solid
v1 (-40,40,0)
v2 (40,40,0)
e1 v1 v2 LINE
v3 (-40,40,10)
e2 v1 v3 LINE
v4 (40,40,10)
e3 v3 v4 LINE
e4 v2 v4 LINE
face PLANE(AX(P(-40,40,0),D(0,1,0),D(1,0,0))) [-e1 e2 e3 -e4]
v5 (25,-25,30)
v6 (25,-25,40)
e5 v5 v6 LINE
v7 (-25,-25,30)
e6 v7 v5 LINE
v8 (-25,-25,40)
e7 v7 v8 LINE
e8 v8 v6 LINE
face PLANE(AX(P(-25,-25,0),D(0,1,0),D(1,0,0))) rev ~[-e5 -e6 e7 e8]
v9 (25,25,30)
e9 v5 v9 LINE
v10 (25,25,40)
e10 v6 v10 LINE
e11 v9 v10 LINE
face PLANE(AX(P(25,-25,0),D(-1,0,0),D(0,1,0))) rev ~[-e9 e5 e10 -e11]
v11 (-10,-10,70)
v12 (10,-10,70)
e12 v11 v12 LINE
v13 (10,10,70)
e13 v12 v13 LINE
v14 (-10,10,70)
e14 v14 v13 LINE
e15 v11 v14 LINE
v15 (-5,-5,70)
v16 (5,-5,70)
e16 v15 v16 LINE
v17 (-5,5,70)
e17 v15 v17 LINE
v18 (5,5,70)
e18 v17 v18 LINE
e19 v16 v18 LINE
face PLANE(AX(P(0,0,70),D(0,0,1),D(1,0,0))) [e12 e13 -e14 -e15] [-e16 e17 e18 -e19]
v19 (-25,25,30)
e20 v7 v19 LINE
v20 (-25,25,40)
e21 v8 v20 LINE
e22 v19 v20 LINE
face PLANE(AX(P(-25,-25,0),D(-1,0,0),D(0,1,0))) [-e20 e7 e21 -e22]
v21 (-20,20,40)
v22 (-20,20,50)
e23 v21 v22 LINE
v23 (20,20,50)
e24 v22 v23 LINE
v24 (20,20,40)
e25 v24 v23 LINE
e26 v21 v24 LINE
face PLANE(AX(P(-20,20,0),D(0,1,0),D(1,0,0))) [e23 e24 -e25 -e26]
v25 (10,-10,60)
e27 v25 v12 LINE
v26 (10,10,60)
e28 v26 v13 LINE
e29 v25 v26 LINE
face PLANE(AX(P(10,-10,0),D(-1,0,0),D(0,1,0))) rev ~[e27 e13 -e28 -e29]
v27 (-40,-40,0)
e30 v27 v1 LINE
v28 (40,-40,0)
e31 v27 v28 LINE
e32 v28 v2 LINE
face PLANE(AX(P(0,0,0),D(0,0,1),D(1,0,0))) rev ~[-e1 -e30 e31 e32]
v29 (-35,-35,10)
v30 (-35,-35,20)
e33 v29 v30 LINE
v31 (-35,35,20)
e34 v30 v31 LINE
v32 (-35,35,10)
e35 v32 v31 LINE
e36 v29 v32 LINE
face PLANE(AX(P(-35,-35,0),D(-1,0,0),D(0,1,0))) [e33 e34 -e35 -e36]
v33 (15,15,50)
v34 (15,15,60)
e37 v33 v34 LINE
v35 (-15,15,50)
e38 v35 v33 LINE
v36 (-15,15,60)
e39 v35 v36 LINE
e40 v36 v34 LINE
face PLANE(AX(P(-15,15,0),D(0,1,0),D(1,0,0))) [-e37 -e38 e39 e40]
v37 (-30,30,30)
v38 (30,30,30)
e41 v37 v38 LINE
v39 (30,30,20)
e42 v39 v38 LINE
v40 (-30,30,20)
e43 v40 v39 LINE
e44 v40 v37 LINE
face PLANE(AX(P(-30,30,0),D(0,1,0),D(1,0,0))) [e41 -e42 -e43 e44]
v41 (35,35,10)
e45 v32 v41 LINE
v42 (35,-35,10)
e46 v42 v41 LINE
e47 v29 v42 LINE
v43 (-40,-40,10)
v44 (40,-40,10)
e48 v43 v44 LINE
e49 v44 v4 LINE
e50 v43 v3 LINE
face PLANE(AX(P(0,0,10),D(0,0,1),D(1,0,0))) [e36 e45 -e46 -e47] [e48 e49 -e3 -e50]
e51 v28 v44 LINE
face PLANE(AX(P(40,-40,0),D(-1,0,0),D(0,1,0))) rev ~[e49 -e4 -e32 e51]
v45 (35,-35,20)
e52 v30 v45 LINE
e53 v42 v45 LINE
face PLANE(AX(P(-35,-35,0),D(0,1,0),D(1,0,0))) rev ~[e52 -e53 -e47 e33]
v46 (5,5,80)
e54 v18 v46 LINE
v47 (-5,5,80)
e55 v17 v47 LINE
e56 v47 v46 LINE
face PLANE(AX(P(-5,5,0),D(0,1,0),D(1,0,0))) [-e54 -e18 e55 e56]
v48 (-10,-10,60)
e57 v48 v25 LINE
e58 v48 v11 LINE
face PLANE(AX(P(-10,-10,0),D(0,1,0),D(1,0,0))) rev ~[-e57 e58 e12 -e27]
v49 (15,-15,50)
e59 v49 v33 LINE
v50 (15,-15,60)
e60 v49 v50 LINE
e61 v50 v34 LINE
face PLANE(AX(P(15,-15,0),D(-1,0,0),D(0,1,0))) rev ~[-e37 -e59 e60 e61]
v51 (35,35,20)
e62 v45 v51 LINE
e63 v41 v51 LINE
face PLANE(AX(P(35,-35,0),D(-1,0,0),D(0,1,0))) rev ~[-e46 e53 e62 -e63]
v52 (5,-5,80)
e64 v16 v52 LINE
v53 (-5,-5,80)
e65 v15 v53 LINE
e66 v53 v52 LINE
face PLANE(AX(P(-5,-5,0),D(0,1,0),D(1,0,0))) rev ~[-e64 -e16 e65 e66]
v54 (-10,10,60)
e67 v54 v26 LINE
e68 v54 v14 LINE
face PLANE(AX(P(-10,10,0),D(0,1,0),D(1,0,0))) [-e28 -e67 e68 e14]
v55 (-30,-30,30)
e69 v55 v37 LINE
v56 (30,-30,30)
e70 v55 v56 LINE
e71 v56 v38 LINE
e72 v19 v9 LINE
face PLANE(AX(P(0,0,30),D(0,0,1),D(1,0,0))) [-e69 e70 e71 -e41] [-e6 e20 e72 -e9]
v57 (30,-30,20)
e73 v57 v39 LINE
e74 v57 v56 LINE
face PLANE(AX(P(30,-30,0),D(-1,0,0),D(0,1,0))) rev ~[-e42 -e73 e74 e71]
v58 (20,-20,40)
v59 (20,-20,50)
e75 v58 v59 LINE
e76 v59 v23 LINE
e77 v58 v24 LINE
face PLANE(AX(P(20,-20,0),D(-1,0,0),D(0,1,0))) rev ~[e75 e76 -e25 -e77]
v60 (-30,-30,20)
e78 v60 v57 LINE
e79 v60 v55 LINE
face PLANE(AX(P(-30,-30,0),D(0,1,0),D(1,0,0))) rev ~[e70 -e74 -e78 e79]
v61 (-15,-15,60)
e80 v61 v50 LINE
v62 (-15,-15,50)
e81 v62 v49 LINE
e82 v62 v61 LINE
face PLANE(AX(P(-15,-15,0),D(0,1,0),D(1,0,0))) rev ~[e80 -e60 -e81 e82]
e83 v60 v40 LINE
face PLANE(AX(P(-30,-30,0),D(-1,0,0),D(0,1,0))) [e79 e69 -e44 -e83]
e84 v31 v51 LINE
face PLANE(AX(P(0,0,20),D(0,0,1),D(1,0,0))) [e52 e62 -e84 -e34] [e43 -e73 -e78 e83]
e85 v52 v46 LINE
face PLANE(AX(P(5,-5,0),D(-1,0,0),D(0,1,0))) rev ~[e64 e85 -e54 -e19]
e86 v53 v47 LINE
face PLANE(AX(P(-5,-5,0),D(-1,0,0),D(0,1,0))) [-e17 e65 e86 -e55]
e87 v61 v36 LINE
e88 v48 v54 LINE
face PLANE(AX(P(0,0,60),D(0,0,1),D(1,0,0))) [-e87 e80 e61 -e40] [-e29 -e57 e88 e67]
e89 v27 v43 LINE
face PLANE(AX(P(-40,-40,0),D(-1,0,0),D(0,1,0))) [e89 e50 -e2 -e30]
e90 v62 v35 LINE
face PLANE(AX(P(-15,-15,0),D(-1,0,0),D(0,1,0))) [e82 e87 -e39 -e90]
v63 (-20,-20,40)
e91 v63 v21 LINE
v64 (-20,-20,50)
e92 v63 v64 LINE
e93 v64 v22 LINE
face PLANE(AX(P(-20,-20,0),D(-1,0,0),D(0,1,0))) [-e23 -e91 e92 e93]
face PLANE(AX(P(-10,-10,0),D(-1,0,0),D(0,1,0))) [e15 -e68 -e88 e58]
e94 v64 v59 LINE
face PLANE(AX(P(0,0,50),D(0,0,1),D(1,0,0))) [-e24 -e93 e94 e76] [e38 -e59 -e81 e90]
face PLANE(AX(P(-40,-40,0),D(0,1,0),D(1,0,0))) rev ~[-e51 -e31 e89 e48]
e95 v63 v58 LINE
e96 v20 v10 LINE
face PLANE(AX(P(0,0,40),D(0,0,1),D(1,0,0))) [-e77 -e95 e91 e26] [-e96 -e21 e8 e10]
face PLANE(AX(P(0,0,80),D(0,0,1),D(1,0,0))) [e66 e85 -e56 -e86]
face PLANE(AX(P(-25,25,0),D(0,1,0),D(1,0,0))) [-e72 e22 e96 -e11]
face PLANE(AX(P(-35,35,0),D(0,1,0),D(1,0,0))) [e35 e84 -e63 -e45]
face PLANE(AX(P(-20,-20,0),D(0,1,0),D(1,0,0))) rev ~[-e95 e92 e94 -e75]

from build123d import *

# Parameters (mm, degrees)
F0_W     = 80
F0_H     = 80
F0_W_2   = 70
F0_H_2   = 70
F1_DEPTH = 10
F0_W_3   = 60
F0_H_3   = 60
F2_DEPTH = 20
F0_W_4   = 50
F0_H_4   = 50
F3_DEPTH = 30
F0_W_5   = 40
F0_H_5   = 40
F4_DEPTH = 40
F0_W_6   = 30
F0_H_6   = 30
F5_DEPTH = 50
F0_W_7   = 20
F0_H_7   = 20
F6_DEPTH = 60
F0_W_8   = 10
F0_H_8   = 10
F7_DEPTH = 70
F8_DEPTH = 80


with BuildPart() as f1:
    # F0 (on Top) → F1 (new body)
    with BuildSketch(Plane.XY):
        Rectangle(F0_W, F0_H)
        Rectangle(F0_W_2, F0_H_2, mode=Mode.SUBTRACT)
    extrude(amount=F1_DEPTH)

    # F0 (on Top) → F2 (join)
    with BuildSketch(Plane.XY):
        Rectangle(F0_W_2, F0_H_2)
        Rectangle(F0_W_3, F0_H_3, mode=Mode.SUBTRACT)
    extrude(amount=F2_DEPTH)

    # F0 (on Top) → F3 (join)
    with BuildSketch(Plane.XY):
        Rectangle(F0_W_3, F0_H_3)
        Rectangle(F0_W_4, F0_H_4, mode=Mode.SUBTRACT)
    extrude(amount=F3_DEPTH)

    # F0 (on Top) → F4 (join)
    with BuildSketch(Plane.XY):
        Rectangle(F0_W_4, F0_H_4)
        Rectangle(F0_W_5, F0_H_5, mode=Mode.SUBTRACT)
    extrude(amount=F4_DEPTH)

    # F0 (on Top) → F5 (join)
    with BuildSketch(Plane.XY):
        Rectangle(F0_W_5, F0_H_5)
        Rectangle(F0_W_6, F0_H_6, mode=Mode.SUBTRACT)
    extrude(amount=F5_DEPTH)

    # F0 (on Top) → F6 (join)
    with BuildSketch(Plane.XY):
        Rectangle(F0_W_6, F0_H_6)
        Rectangle(F0_W_7, F0_H_7, mode=Mode.SUBTRACT)
    extrude(amount=F6_DEPTH)

    # F0 (on Top) → F7 (join)
    with BuildSketch(Plane.XY):
        Rectangle(F0_W_7, F0_H_7)
        Rectangle(F0_W_8, F0_H_8, mode=Mode.SUBTRACT)
    extrude(amount=F7_DEPTH)

    # F0 (on Top) → F8 (join)
    with BuildSketch(Plane.XY):
        Rectangle(F0_W_8, F0_H_8)
    extrude(amount=F8_DEPTH)


solid = f1.part
